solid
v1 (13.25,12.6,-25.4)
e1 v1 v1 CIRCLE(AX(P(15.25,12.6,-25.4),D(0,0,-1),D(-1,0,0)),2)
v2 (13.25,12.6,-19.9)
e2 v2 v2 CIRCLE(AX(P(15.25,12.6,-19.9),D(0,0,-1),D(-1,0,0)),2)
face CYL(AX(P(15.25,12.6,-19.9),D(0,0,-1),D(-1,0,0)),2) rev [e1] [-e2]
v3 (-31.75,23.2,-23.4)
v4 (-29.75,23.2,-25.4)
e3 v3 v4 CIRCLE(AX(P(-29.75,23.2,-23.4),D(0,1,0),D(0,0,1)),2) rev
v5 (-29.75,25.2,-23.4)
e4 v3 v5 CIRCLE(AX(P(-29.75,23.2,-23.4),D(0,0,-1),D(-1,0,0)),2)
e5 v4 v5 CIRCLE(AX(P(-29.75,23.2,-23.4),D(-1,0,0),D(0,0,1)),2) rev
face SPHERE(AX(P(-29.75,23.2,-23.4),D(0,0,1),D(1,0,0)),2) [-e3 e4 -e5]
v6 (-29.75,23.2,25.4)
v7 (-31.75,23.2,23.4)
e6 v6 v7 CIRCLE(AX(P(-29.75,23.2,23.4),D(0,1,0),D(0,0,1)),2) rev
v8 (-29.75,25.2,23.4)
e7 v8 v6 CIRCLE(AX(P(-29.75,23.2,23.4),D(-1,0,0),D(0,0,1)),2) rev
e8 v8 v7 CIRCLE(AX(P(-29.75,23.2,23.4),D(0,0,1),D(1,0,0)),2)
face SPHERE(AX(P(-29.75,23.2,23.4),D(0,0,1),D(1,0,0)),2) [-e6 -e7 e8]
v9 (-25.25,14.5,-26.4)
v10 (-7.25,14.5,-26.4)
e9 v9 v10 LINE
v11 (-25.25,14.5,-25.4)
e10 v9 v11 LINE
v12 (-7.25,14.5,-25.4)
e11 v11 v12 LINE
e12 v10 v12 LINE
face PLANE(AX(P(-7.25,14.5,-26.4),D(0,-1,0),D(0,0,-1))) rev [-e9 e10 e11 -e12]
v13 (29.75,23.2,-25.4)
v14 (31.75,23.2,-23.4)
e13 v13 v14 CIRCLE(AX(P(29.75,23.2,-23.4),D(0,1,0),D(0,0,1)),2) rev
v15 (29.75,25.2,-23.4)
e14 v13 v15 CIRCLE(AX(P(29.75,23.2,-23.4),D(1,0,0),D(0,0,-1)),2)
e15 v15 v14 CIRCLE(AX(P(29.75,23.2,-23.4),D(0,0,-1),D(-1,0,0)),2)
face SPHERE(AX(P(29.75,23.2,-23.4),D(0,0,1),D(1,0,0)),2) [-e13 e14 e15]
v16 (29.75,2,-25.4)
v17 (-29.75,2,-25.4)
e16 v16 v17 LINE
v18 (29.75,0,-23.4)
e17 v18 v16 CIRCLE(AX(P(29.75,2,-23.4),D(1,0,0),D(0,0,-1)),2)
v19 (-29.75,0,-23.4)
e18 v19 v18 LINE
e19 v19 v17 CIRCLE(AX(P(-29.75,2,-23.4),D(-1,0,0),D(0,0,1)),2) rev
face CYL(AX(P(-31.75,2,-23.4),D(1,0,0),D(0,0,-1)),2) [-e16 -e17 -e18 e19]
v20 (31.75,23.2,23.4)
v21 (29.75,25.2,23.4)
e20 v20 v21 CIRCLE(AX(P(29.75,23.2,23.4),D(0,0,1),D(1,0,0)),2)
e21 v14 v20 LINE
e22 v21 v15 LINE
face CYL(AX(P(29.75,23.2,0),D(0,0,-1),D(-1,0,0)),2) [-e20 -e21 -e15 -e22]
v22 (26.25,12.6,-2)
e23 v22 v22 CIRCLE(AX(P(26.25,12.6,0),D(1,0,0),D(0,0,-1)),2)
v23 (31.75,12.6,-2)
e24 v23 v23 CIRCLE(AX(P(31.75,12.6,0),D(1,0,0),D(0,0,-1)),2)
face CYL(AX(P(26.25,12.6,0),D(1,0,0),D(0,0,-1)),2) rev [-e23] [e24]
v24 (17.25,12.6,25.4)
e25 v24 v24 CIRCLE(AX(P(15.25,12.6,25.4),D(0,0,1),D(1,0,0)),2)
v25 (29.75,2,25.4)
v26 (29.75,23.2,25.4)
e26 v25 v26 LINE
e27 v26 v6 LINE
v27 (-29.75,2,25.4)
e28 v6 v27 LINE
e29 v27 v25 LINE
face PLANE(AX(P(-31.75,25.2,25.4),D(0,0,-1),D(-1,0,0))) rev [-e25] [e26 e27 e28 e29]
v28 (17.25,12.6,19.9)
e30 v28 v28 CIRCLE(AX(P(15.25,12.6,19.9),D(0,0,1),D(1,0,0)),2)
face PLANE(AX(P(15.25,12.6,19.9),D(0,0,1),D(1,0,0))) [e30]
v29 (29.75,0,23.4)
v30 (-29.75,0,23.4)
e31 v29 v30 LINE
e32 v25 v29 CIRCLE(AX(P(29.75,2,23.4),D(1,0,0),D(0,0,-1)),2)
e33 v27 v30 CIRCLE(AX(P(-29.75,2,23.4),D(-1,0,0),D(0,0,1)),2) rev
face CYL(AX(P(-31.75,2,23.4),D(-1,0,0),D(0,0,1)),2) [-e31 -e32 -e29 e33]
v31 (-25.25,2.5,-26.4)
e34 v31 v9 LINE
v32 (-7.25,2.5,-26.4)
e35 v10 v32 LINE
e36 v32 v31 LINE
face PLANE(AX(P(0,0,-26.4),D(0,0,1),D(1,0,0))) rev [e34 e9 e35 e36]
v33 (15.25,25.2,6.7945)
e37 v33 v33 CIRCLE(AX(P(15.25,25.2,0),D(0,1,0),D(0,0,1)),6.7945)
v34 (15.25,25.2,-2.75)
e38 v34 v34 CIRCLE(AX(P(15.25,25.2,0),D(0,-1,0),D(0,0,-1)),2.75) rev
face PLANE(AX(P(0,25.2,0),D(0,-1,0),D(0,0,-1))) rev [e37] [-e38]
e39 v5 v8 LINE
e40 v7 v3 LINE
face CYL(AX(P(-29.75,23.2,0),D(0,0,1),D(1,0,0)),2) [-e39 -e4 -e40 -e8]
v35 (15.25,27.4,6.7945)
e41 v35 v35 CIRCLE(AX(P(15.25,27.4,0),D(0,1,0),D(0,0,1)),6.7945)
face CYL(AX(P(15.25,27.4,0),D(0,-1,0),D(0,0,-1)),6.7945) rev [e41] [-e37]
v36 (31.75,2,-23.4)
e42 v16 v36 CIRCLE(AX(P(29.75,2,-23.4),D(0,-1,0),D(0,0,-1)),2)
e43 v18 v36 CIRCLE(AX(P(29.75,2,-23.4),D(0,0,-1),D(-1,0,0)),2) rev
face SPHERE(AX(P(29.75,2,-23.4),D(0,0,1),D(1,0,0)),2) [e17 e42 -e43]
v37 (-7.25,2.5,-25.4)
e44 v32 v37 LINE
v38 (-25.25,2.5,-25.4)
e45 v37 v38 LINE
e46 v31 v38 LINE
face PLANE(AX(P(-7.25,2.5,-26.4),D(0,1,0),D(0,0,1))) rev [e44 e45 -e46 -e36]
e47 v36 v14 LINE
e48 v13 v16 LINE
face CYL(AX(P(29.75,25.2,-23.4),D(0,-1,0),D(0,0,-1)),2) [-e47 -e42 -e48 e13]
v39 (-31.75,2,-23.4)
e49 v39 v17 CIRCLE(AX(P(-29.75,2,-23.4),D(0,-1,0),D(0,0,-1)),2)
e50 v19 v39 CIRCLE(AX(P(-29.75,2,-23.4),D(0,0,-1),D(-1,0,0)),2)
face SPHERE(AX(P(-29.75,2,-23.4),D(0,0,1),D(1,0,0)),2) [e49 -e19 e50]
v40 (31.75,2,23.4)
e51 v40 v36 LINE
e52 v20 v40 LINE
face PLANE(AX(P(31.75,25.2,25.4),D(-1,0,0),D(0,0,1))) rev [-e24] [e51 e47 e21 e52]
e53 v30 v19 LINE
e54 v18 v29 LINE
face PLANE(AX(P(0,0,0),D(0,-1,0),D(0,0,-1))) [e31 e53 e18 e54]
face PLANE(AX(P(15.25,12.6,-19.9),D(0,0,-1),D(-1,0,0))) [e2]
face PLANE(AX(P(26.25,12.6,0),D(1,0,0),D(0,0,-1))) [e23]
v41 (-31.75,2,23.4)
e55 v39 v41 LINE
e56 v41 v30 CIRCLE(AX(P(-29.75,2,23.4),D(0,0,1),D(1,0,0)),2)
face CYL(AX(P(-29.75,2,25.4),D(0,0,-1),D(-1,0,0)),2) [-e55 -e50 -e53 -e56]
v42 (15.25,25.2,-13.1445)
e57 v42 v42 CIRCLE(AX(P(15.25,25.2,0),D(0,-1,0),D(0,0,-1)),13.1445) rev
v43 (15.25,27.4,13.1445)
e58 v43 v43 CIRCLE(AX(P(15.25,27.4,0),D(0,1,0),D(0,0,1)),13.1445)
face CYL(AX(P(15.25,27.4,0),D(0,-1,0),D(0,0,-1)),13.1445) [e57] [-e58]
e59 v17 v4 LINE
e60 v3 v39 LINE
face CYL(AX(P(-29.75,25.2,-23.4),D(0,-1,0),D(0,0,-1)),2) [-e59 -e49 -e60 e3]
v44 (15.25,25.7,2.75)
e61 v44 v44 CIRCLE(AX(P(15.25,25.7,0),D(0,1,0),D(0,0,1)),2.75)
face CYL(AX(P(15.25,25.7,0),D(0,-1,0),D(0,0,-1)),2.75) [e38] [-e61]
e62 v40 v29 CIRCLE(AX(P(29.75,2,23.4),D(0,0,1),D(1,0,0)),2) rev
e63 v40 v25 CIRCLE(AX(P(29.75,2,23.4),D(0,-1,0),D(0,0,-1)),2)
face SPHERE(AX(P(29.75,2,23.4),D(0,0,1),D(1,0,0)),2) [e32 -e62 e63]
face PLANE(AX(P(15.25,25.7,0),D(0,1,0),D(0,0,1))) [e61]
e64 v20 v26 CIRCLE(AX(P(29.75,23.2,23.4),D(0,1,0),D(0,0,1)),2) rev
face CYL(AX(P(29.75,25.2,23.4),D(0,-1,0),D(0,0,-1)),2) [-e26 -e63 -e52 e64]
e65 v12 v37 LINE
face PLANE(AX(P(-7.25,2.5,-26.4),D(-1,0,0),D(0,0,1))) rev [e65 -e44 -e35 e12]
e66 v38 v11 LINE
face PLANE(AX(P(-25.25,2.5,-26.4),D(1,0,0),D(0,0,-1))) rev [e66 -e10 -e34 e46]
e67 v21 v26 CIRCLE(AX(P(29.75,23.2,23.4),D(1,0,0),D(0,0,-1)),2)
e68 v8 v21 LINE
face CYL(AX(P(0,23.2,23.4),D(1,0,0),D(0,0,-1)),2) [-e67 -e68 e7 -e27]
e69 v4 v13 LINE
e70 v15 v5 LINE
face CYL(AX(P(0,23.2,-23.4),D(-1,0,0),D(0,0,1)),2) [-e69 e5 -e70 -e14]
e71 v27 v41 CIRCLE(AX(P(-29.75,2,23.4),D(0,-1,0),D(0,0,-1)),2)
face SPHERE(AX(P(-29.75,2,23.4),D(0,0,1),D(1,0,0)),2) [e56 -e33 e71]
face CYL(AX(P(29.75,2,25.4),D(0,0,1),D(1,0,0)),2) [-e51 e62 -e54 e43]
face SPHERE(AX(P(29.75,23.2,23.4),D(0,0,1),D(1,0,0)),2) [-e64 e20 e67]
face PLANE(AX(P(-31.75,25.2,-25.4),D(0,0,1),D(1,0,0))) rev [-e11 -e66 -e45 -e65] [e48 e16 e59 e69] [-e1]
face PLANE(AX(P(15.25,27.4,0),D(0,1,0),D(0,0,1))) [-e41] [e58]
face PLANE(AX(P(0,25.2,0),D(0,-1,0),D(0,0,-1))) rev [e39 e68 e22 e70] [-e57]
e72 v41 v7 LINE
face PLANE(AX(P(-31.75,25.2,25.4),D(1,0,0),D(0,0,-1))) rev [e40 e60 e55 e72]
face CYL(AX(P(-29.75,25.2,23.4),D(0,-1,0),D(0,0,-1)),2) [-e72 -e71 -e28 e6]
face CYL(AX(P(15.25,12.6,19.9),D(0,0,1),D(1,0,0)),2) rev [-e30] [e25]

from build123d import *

# Parameters (mm, degrees)
SKETCH1_W           = 63.5
SKETCH1_H           = 50.8
BOSS_EXTRUDE1_DEPTH = 25.2
SKETCH2_R           = 13.1445
SKETCH2_R_2         = 6.7945
BOSS_EXTRUDE2_DEPTH = 2.2
SKETCH3_R           = 2
CUT_EXTRUDE1_DEPTH  = 5.5
SKETCH4_R           = 2
CUT_EXTRUDE2_DEPTH  = 5.5
CUT_EXTRUDE3_START  = -5.5
SKETCH5_R           = 2
CUT_EXTRUDE3_DEPTH  = 5.5
FILLET1_R           = 2
SKETCH6_W           = 18
SKETCH6_H           = 12
BOSS_EXTRUDE3_DEPTH = 1
SKETCH7_R           = 2.75
BOSS_EXTRUDE4_DEPTH = 0.5


with BuildPart() as part:
    # Sketch1 → Boss-Extrude1 (new body)
    with BuildSketch(Plane(origin=(0, 0, 0), x_dir=(1, 0, 0), z_dir=(0, 1, 0))):
        Rectangle(SKETCH1_W, SKETCH1_H)
    extrude(amount=BOSS_EXTRUDE1_DEPTH)

    # Sketch2 → Boss-Extrude2 (add)
    with BuildSketch(Plane(origin=(0, 25.2, 0), x_dir=(1, 0, 0), z_dir=(0, 1, 0))):
        with Locations(Location((15.25, 0, 0), (0, 0, 90))):
            Circle(SKETCH2_R)
        with Locations(Location((15.25, 0, 0), (0, 0, 270))):
            Circle(SKETCH2_R_2, mode=Mode.SUBTRACT)
    extrude(amount=BOSS_EXTRUDE2_DEPTH)

    # Sketch3 → Cut-Extrude1 (cut)
    with BuildSketch(Plane.XY.offset(25.4)):
        with Locations((15.25, 12.6)):
            Circle(SKETCH3_R)
    extrude(amount=-CUT_EXTRUDE1_DEPTH, mode=Mode.SUBTRACT)

    # Sketch4 → Cut-Extrude2 (cut)
    with BuildSketch(Plane(origin=(31.75, 0, 0), x_dir=(0, 0, -1), z_dir=(1, 0, 0))):
        with Locations((0, 12.6)):
            Circle(SKETCH4_R)
    extrude(amount=-CUT_EXTRUDE2_DEPTH, mode=Mode.SUBTRACT)

    # Sketch5 → Cut-Extrude3 (cut)
    with BuildSketch(Plane(origin=(0, 0, -25.4), x_dir=(-1, 0, 0), z_dir=(0, 0, -1)).offset(CUT_EXTRUDE3_START)):
        with Locations(Location((-15.25, 12.6, 0), (0, 0, 180))):
            Circle(SKETCH5_R)
    extrude(amount=CUT_EXTRUDE3_DEPTH, mode=Mode.SUBTRACT)

    # Fillet1
    fillet1_edges = [part.edges().sort_by_distance(p)[0] for p in [
        (-31.75, 25.2, 0),
        (0, 25.2, 25.4),
        (31.75, 25.2, 0),
        (0, 0, 25.4),
        (-31.75, 0, 0),
        (0, 0, -25.4),
        (31.75, 0, 0),
        (0, 25.2, -25.4),
        (31.75, 12.6, 25.4),
        (-31.75, 12.6, 25.4),
        (-31.75, 12.6, -25.4),
        (31.75, 12.6, -25.4),
    ]]
    fillet(fillet1_edges, radius=FILLET1_R)

    # Sketch6 → Boss-Extrude3 (add)
    with BuildSketch(Plane(origin=(0, 0, -25.4), x_dir=(-1, 0, 0), z_dir=(0, 0, -1))):
        with Locations((16.25, 8.5)):
            Rectangle(SKETCH6_W, SKETCH6_H)
    extrude(amount=BOSS_EXTRUDE3_DEPTH)

    # Sketch7 → Boss-Extrude4 (add)
    with BuildSketch(Plane(origin=(0, 25.2, 0), x_dir=(1, 0, 0), z_dir=(0, 1, 0))):
        with Locations(Location((15.25, 0, 0), (0, 0, 90))):
            Circle(SKETCH7_R)
    extrude(amount=BOSS_EXTRUDE4_DEPTH)


solid = part.part
